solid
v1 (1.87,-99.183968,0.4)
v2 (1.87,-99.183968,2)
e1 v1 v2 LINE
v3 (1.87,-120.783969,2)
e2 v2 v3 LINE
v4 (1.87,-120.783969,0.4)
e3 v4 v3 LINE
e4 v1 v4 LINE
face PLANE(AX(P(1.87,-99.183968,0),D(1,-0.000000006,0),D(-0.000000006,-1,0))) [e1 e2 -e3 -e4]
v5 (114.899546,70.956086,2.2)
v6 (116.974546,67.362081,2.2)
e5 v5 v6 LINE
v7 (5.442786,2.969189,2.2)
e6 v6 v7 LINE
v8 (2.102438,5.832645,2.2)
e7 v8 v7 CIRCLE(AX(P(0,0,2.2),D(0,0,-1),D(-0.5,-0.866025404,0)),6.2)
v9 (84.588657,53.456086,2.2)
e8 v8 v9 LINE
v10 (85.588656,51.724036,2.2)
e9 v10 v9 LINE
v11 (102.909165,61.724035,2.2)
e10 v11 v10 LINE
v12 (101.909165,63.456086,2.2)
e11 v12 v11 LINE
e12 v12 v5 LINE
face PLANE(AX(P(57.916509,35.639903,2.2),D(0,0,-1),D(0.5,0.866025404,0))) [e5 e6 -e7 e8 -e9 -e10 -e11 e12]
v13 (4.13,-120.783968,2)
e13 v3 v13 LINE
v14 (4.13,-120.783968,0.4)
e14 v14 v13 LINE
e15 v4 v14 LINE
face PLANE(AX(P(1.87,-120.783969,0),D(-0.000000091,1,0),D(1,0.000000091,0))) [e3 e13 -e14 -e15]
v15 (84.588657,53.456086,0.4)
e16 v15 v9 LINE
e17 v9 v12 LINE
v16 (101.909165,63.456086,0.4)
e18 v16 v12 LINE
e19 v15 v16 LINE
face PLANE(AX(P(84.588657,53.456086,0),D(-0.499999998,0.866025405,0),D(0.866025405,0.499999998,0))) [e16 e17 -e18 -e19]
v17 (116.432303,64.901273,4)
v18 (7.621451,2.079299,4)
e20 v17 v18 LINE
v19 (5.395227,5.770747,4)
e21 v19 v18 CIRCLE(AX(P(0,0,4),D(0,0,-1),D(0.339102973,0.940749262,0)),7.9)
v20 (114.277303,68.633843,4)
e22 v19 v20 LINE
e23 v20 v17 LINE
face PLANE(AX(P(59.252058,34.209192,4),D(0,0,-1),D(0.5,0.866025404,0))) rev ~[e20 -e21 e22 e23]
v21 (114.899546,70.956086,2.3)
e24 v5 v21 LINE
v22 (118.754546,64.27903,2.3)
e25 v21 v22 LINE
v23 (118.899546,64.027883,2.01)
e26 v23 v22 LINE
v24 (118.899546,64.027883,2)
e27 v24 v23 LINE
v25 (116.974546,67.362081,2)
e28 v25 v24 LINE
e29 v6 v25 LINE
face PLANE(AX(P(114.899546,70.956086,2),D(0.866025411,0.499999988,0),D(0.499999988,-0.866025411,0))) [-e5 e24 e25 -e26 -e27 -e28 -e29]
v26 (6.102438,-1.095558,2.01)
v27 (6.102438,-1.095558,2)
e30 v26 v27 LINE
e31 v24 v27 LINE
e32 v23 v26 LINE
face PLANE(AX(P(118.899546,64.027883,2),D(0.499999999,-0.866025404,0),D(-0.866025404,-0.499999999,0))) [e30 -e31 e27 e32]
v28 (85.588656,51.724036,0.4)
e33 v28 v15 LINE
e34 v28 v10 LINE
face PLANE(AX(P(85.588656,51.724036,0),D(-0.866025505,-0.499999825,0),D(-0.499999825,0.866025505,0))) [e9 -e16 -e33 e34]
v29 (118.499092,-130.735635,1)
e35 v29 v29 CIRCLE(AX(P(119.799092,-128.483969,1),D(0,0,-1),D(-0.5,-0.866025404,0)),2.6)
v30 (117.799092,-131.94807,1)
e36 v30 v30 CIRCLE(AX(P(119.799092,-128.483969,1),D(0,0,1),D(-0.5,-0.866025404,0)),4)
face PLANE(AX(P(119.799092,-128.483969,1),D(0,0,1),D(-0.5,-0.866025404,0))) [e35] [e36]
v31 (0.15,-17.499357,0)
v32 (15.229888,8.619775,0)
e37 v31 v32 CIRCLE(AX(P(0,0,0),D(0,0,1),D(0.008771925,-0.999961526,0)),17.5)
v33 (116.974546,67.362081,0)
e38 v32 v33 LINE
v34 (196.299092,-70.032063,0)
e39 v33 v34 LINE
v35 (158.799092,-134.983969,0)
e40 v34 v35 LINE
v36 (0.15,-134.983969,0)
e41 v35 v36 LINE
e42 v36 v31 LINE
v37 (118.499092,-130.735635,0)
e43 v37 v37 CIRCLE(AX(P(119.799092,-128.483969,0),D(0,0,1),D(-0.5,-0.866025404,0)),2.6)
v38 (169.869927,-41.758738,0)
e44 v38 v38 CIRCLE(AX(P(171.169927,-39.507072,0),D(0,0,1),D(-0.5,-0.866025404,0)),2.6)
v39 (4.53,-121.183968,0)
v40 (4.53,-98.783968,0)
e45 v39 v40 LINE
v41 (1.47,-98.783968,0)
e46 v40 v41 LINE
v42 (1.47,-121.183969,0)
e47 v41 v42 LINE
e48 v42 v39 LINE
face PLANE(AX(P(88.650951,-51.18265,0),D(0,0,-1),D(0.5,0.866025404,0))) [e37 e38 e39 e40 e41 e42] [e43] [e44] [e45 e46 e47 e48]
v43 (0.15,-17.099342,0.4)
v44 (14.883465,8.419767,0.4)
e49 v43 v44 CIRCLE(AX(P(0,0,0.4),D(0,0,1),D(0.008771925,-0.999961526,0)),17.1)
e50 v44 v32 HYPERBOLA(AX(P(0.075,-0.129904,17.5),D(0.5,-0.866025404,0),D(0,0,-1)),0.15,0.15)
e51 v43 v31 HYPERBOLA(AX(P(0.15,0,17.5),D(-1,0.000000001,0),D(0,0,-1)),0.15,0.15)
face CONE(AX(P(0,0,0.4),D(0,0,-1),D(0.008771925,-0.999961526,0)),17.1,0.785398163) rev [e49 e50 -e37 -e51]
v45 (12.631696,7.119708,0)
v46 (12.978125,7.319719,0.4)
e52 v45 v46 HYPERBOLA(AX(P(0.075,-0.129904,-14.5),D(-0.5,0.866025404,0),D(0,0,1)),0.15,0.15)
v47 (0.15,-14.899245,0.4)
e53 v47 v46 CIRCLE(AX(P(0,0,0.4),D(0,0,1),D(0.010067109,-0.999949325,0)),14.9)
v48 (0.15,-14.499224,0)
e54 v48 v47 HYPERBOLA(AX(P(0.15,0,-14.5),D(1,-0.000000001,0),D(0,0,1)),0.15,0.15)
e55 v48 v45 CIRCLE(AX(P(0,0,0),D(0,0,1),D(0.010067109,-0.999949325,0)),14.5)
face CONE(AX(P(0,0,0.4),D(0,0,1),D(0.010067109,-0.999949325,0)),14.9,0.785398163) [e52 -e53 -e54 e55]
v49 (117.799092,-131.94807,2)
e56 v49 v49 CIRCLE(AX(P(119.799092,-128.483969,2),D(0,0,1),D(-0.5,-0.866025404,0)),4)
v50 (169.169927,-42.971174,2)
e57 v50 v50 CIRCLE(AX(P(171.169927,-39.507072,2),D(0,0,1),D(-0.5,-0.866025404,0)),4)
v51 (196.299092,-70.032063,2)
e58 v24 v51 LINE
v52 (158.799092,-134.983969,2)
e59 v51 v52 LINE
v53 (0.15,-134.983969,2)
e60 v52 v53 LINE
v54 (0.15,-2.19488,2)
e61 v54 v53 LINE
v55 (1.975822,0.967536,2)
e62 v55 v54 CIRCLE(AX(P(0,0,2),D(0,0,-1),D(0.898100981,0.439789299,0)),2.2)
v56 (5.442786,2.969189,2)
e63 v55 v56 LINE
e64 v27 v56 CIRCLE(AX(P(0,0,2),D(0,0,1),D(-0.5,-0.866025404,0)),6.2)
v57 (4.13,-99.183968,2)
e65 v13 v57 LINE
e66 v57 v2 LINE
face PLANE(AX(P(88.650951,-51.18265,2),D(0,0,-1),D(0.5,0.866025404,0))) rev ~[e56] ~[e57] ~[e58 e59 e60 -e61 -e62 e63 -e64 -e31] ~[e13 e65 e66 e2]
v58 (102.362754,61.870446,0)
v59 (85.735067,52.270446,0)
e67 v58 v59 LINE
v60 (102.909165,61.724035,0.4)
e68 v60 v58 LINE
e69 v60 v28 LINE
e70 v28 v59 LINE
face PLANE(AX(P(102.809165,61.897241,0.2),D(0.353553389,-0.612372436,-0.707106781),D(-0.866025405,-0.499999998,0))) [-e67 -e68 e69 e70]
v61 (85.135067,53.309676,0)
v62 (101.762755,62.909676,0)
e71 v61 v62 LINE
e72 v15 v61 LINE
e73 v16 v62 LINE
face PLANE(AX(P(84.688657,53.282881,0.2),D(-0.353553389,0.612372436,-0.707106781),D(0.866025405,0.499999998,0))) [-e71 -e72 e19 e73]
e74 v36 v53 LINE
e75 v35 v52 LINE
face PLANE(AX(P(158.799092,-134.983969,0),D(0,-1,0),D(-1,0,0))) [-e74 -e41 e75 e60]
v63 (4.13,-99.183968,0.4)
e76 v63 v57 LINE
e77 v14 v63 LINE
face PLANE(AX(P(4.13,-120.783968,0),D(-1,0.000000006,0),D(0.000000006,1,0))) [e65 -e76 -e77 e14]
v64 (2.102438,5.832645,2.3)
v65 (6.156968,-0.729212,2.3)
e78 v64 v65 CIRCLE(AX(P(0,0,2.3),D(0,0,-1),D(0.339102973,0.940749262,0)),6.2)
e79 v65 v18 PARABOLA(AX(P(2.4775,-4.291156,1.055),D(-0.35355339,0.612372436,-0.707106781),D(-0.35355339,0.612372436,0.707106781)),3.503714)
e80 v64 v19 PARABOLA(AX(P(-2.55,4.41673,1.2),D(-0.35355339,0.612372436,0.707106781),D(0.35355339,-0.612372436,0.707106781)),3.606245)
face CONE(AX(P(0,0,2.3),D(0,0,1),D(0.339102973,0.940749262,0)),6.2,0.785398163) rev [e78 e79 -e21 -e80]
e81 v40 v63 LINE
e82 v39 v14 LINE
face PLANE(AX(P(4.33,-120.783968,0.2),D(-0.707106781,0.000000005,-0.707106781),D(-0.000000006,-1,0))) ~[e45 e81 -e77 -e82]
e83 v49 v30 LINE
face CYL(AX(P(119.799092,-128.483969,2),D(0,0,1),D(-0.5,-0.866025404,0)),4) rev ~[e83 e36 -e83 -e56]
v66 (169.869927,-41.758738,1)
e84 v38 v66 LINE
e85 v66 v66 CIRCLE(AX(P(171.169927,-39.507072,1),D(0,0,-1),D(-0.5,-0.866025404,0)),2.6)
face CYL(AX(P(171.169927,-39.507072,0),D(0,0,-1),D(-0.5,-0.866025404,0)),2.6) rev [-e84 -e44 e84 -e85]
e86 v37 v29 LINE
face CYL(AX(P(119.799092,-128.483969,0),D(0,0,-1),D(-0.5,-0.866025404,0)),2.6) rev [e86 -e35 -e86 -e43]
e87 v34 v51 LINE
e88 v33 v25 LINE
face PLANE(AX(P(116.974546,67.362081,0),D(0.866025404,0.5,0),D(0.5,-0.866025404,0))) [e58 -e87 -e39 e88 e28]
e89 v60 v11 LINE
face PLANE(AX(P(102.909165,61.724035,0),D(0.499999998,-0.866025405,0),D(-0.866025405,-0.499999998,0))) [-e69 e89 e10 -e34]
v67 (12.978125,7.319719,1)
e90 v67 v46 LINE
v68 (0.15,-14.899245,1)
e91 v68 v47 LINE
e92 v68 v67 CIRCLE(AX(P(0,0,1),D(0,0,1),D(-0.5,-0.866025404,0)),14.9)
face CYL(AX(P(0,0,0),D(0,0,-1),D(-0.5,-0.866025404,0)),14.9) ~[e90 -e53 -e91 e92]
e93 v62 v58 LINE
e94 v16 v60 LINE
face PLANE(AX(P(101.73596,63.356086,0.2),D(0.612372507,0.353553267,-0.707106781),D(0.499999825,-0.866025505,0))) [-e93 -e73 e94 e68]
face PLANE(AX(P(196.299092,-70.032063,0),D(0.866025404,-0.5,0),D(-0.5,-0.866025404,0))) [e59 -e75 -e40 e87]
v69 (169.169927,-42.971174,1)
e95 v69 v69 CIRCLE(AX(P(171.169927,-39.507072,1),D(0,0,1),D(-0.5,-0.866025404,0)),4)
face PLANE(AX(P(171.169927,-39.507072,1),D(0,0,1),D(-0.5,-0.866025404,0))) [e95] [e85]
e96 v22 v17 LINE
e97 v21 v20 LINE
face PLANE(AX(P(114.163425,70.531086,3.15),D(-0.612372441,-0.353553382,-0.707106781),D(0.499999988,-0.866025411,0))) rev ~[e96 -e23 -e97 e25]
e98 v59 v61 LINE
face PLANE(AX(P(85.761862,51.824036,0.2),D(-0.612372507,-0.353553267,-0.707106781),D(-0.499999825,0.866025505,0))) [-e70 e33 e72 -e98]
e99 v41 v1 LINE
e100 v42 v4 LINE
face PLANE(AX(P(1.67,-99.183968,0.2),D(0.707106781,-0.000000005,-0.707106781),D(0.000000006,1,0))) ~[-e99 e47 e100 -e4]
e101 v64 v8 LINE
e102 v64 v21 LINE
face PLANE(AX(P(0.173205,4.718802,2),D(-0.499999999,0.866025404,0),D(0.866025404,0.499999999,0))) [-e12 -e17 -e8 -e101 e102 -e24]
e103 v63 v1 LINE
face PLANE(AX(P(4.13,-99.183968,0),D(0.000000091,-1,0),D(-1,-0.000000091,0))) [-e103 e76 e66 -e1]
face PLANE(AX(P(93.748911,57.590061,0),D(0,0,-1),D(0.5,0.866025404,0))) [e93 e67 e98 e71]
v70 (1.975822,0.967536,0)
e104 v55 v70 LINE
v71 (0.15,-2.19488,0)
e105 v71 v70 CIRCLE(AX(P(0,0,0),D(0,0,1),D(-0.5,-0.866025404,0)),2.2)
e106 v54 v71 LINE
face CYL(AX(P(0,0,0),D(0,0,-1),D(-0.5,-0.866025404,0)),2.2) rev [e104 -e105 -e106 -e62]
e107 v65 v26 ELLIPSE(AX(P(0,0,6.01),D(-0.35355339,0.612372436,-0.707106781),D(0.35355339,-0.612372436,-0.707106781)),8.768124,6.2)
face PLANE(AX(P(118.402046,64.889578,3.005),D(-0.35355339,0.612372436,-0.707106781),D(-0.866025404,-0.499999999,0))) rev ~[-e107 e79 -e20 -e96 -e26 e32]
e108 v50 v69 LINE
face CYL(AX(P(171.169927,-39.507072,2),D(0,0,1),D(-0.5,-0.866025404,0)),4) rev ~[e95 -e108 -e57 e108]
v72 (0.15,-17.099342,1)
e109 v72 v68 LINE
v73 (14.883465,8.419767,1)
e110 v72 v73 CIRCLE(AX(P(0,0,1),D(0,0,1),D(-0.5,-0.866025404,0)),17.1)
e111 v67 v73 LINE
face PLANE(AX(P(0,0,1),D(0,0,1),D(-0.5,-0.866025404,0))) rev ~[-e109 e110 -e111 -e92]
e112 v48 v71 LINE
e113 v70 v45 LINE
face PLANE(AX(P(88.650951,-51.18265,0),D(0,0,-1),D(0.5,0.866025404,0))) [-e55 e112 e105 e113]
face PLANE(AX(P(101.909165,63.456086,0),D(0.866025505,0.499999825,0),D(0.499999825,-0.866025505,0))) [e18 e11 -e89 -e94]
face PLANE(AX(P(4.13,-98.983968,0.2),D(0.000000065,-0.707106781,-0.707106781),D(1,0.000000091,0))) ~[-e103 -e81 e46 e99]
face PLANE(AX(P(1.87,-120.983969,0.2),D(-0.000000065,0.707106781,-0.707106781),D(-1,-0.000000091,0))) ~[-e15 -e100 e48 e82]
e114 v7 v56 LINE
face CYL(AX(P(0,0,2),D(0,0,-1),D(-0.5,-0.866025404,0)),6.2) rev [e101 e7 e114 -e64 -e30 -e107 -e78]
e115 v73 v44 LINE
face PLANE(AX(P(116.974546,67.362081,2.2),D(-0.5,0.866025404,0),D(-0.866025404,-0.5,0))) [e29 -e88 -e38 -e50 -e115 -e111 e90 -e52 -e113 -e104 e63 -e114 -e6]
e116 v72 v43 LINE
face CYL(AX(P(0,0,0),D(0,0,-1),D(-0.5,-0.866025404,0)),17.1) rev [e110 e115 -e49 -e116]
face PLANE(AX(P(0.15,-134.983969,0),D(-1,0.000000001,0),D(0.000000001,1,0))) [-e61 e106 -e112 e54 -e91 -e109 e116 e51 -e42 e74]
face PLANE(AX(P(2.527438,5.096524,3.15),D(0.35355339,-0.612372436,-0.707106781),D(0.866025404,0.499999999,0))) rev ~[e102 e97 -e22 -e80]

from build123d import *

# Parameters (mm, degrees)
SKETCH002_R             = 2.6
PAD001_DEPTH            = 2
PAD002_DEPTH            = 2
POCKET003_DEPTH         = 2.201
PAD003_DEPTH            = 2.2
POCKET004_DEPTH         = 4.001
SKETCH006_R             = 17.1
SKETCH006_R_2           = 14.9
POCKET002_DEPTH         = 1
CHAMFER002_SIZE         = 0.4
CHAMFER_SIZE            = 1.99
SKETCH004_R             = 2.2
POCKET_DEPTH            = 4.001
SKETCH005_R             = 6.2
POCKET001_DEPTH         = 2.001
SKETCH010_R             = 4
POCKET005_DEPTH         = 1
CHAMFER001_SIZE         = 1.7
BODY003_PLACEMENT_ANGLE = 240


with BuildPart() as part:
    # Sketch002 → Pad001 (new body)
    with BuildSketch(Plane.XY):
        Polygon((-116.824546, 67.621888), (-37.5, 205.016032), (37.5, 205.016032), (116.824546, 67.621888), (0, 0.173205), align=None)
        with Locations((-51.370835, 167.991041)):
            Circle(SKETCH002_R, mode=Mode.SUBTRACT)
        with Locations((51.370835, 167.991041)):
            Circle(SKETCH002_R, mode=Mode.SUBTRACT)
    extrude(amount=PAD001_DEPTH)

    # Sketch003 → Pad002 (join)
    with BuildSketch(Plane.XY.offset(2)):
        Polygon((-118.899546, 64.027883), (-114.899546, 70.956086), (-0.173205, 4.718802), (-0.173205, 0.1), (-4.173205, -2.209401), align=None)
    extrude(amount=PAD002_DEPTH)

    # Sketch007 → Pocket003 (cut, through all)
    with BuildSketch(Plane.XY.offset(2.2)):
        Polygon((-116.824546, 67.621888), (0, 0.173205), (-4.173205, -2.209401), (-118.899546, 64.027883), align=None)
    extrude(amount=-POCKET003_DEPTH, mode=Mode.SUBTRACT)

    # Sketch008 → Pad003 (join)
    with BuildSketch(Plane.XY):
        Polygon((-104.909165, 58.259933), (-87.588657, 48.259933), (-88.588657, 46.527883), (-105.909165, 56.527883), align=None)
    extrude(amount=PAD003_DEPTH)

    # Sketch009 → Pocket004 (cut, through all)
    with BuildSketch(Plane.XY):
        Polygon((83.830836, 53.168669), (84.960836, 51.211452), (103.666985, 62.011452), (102.536985, 63.968669), align=None)
    extrude(amount=POCKET004_DEPTH, mode=Mode.SUBTRACT)

    # Sketch006 → Pocket002 (cut)
    with BuildSketch(Plane.XY):
        Circle(SKETCH006_R)
        Circle(SKETCH006_R_2, mode=Mode.SUBTRACT)
    extrude(amount=POCKET002_DEPTH, mode=Mode.SUBTRACT)

    # Chamfer002
    chamfer002_edges = [part.edges().sort_by_distance(p)[0] for p in [
        (-96.248911, 53.259933, 0),
        (-88.088657, 47.393908, 0),
        (-97.248911, 51.527883, 0),
        (-105.409165, 57.393908, 0),
        (94.313911, 56.611452, 0),
        (103.101985, 62.99006, 0),
        (93.183911, 58.568669, 0),
        (84.395836, 52.19006, 0),
        (0, 14.9, 0),
        (0, 17.1, 0),
    ]]
    chamfer(chamfer002_edges, length=CHAMFER002_SIZE)

    # Chamfer
    chamfer_edges = [part.edges().sort_by_distance(p)[0] for p in [
        (-57.536375, 37.837444, 4),
    ]]
    chamfer(chamfer_edges, length=CHAMFER_SIZE)

    # Sketch004 → Pocket (cut, through all)
    with BuildSketch(Plane.XY):
        Circle(SKETCH004_R)
    extrude(amount=POCKET_DEPTH, mode=Mode.SUBTRACT)

    # Sketch005 → Pocket001 (cut, through all)
    with BuildSketch(Plane.XY.offset(2)):
        Circle(SKETCH005_R)
    extrude(amount=POCKET001_DEPTH, mode=Mode.SUBTRACT)

    # Sketch010 → Pocket005 (cut)
    with BuildSketch(Plane.XY.offset(2)):
        with Locations((-51.370835, 167.991041)):
            Circle(SKETCH010_R)
        with Locations((51.370835, 167.991041)):
            Circle(SKETCH010_R)
    extrude(amount=-POCKET005_DEPTH, mode=Mode.SUBTRACT)

    # Chamfer001
    chamfer001_edges = [part.edges().sort_by_distance(p)[0] for p in [
        (-5.849077, 2.056283, 4),
        (-62.500992, 31.466162, 4),
        (-117.397046, 66.630289, 4),
    ]]
    chamfer(chamfer001_edges, length=CHAMFER001_SIZE)


with BuildPart() as part_1:
    # Body003 placement: moved
    add(part.part.rotate(Axis((0, 0, 0), (0, 0, 1)), BODY003_PLACEMENT_ANGLE))


solid = part_1.part
